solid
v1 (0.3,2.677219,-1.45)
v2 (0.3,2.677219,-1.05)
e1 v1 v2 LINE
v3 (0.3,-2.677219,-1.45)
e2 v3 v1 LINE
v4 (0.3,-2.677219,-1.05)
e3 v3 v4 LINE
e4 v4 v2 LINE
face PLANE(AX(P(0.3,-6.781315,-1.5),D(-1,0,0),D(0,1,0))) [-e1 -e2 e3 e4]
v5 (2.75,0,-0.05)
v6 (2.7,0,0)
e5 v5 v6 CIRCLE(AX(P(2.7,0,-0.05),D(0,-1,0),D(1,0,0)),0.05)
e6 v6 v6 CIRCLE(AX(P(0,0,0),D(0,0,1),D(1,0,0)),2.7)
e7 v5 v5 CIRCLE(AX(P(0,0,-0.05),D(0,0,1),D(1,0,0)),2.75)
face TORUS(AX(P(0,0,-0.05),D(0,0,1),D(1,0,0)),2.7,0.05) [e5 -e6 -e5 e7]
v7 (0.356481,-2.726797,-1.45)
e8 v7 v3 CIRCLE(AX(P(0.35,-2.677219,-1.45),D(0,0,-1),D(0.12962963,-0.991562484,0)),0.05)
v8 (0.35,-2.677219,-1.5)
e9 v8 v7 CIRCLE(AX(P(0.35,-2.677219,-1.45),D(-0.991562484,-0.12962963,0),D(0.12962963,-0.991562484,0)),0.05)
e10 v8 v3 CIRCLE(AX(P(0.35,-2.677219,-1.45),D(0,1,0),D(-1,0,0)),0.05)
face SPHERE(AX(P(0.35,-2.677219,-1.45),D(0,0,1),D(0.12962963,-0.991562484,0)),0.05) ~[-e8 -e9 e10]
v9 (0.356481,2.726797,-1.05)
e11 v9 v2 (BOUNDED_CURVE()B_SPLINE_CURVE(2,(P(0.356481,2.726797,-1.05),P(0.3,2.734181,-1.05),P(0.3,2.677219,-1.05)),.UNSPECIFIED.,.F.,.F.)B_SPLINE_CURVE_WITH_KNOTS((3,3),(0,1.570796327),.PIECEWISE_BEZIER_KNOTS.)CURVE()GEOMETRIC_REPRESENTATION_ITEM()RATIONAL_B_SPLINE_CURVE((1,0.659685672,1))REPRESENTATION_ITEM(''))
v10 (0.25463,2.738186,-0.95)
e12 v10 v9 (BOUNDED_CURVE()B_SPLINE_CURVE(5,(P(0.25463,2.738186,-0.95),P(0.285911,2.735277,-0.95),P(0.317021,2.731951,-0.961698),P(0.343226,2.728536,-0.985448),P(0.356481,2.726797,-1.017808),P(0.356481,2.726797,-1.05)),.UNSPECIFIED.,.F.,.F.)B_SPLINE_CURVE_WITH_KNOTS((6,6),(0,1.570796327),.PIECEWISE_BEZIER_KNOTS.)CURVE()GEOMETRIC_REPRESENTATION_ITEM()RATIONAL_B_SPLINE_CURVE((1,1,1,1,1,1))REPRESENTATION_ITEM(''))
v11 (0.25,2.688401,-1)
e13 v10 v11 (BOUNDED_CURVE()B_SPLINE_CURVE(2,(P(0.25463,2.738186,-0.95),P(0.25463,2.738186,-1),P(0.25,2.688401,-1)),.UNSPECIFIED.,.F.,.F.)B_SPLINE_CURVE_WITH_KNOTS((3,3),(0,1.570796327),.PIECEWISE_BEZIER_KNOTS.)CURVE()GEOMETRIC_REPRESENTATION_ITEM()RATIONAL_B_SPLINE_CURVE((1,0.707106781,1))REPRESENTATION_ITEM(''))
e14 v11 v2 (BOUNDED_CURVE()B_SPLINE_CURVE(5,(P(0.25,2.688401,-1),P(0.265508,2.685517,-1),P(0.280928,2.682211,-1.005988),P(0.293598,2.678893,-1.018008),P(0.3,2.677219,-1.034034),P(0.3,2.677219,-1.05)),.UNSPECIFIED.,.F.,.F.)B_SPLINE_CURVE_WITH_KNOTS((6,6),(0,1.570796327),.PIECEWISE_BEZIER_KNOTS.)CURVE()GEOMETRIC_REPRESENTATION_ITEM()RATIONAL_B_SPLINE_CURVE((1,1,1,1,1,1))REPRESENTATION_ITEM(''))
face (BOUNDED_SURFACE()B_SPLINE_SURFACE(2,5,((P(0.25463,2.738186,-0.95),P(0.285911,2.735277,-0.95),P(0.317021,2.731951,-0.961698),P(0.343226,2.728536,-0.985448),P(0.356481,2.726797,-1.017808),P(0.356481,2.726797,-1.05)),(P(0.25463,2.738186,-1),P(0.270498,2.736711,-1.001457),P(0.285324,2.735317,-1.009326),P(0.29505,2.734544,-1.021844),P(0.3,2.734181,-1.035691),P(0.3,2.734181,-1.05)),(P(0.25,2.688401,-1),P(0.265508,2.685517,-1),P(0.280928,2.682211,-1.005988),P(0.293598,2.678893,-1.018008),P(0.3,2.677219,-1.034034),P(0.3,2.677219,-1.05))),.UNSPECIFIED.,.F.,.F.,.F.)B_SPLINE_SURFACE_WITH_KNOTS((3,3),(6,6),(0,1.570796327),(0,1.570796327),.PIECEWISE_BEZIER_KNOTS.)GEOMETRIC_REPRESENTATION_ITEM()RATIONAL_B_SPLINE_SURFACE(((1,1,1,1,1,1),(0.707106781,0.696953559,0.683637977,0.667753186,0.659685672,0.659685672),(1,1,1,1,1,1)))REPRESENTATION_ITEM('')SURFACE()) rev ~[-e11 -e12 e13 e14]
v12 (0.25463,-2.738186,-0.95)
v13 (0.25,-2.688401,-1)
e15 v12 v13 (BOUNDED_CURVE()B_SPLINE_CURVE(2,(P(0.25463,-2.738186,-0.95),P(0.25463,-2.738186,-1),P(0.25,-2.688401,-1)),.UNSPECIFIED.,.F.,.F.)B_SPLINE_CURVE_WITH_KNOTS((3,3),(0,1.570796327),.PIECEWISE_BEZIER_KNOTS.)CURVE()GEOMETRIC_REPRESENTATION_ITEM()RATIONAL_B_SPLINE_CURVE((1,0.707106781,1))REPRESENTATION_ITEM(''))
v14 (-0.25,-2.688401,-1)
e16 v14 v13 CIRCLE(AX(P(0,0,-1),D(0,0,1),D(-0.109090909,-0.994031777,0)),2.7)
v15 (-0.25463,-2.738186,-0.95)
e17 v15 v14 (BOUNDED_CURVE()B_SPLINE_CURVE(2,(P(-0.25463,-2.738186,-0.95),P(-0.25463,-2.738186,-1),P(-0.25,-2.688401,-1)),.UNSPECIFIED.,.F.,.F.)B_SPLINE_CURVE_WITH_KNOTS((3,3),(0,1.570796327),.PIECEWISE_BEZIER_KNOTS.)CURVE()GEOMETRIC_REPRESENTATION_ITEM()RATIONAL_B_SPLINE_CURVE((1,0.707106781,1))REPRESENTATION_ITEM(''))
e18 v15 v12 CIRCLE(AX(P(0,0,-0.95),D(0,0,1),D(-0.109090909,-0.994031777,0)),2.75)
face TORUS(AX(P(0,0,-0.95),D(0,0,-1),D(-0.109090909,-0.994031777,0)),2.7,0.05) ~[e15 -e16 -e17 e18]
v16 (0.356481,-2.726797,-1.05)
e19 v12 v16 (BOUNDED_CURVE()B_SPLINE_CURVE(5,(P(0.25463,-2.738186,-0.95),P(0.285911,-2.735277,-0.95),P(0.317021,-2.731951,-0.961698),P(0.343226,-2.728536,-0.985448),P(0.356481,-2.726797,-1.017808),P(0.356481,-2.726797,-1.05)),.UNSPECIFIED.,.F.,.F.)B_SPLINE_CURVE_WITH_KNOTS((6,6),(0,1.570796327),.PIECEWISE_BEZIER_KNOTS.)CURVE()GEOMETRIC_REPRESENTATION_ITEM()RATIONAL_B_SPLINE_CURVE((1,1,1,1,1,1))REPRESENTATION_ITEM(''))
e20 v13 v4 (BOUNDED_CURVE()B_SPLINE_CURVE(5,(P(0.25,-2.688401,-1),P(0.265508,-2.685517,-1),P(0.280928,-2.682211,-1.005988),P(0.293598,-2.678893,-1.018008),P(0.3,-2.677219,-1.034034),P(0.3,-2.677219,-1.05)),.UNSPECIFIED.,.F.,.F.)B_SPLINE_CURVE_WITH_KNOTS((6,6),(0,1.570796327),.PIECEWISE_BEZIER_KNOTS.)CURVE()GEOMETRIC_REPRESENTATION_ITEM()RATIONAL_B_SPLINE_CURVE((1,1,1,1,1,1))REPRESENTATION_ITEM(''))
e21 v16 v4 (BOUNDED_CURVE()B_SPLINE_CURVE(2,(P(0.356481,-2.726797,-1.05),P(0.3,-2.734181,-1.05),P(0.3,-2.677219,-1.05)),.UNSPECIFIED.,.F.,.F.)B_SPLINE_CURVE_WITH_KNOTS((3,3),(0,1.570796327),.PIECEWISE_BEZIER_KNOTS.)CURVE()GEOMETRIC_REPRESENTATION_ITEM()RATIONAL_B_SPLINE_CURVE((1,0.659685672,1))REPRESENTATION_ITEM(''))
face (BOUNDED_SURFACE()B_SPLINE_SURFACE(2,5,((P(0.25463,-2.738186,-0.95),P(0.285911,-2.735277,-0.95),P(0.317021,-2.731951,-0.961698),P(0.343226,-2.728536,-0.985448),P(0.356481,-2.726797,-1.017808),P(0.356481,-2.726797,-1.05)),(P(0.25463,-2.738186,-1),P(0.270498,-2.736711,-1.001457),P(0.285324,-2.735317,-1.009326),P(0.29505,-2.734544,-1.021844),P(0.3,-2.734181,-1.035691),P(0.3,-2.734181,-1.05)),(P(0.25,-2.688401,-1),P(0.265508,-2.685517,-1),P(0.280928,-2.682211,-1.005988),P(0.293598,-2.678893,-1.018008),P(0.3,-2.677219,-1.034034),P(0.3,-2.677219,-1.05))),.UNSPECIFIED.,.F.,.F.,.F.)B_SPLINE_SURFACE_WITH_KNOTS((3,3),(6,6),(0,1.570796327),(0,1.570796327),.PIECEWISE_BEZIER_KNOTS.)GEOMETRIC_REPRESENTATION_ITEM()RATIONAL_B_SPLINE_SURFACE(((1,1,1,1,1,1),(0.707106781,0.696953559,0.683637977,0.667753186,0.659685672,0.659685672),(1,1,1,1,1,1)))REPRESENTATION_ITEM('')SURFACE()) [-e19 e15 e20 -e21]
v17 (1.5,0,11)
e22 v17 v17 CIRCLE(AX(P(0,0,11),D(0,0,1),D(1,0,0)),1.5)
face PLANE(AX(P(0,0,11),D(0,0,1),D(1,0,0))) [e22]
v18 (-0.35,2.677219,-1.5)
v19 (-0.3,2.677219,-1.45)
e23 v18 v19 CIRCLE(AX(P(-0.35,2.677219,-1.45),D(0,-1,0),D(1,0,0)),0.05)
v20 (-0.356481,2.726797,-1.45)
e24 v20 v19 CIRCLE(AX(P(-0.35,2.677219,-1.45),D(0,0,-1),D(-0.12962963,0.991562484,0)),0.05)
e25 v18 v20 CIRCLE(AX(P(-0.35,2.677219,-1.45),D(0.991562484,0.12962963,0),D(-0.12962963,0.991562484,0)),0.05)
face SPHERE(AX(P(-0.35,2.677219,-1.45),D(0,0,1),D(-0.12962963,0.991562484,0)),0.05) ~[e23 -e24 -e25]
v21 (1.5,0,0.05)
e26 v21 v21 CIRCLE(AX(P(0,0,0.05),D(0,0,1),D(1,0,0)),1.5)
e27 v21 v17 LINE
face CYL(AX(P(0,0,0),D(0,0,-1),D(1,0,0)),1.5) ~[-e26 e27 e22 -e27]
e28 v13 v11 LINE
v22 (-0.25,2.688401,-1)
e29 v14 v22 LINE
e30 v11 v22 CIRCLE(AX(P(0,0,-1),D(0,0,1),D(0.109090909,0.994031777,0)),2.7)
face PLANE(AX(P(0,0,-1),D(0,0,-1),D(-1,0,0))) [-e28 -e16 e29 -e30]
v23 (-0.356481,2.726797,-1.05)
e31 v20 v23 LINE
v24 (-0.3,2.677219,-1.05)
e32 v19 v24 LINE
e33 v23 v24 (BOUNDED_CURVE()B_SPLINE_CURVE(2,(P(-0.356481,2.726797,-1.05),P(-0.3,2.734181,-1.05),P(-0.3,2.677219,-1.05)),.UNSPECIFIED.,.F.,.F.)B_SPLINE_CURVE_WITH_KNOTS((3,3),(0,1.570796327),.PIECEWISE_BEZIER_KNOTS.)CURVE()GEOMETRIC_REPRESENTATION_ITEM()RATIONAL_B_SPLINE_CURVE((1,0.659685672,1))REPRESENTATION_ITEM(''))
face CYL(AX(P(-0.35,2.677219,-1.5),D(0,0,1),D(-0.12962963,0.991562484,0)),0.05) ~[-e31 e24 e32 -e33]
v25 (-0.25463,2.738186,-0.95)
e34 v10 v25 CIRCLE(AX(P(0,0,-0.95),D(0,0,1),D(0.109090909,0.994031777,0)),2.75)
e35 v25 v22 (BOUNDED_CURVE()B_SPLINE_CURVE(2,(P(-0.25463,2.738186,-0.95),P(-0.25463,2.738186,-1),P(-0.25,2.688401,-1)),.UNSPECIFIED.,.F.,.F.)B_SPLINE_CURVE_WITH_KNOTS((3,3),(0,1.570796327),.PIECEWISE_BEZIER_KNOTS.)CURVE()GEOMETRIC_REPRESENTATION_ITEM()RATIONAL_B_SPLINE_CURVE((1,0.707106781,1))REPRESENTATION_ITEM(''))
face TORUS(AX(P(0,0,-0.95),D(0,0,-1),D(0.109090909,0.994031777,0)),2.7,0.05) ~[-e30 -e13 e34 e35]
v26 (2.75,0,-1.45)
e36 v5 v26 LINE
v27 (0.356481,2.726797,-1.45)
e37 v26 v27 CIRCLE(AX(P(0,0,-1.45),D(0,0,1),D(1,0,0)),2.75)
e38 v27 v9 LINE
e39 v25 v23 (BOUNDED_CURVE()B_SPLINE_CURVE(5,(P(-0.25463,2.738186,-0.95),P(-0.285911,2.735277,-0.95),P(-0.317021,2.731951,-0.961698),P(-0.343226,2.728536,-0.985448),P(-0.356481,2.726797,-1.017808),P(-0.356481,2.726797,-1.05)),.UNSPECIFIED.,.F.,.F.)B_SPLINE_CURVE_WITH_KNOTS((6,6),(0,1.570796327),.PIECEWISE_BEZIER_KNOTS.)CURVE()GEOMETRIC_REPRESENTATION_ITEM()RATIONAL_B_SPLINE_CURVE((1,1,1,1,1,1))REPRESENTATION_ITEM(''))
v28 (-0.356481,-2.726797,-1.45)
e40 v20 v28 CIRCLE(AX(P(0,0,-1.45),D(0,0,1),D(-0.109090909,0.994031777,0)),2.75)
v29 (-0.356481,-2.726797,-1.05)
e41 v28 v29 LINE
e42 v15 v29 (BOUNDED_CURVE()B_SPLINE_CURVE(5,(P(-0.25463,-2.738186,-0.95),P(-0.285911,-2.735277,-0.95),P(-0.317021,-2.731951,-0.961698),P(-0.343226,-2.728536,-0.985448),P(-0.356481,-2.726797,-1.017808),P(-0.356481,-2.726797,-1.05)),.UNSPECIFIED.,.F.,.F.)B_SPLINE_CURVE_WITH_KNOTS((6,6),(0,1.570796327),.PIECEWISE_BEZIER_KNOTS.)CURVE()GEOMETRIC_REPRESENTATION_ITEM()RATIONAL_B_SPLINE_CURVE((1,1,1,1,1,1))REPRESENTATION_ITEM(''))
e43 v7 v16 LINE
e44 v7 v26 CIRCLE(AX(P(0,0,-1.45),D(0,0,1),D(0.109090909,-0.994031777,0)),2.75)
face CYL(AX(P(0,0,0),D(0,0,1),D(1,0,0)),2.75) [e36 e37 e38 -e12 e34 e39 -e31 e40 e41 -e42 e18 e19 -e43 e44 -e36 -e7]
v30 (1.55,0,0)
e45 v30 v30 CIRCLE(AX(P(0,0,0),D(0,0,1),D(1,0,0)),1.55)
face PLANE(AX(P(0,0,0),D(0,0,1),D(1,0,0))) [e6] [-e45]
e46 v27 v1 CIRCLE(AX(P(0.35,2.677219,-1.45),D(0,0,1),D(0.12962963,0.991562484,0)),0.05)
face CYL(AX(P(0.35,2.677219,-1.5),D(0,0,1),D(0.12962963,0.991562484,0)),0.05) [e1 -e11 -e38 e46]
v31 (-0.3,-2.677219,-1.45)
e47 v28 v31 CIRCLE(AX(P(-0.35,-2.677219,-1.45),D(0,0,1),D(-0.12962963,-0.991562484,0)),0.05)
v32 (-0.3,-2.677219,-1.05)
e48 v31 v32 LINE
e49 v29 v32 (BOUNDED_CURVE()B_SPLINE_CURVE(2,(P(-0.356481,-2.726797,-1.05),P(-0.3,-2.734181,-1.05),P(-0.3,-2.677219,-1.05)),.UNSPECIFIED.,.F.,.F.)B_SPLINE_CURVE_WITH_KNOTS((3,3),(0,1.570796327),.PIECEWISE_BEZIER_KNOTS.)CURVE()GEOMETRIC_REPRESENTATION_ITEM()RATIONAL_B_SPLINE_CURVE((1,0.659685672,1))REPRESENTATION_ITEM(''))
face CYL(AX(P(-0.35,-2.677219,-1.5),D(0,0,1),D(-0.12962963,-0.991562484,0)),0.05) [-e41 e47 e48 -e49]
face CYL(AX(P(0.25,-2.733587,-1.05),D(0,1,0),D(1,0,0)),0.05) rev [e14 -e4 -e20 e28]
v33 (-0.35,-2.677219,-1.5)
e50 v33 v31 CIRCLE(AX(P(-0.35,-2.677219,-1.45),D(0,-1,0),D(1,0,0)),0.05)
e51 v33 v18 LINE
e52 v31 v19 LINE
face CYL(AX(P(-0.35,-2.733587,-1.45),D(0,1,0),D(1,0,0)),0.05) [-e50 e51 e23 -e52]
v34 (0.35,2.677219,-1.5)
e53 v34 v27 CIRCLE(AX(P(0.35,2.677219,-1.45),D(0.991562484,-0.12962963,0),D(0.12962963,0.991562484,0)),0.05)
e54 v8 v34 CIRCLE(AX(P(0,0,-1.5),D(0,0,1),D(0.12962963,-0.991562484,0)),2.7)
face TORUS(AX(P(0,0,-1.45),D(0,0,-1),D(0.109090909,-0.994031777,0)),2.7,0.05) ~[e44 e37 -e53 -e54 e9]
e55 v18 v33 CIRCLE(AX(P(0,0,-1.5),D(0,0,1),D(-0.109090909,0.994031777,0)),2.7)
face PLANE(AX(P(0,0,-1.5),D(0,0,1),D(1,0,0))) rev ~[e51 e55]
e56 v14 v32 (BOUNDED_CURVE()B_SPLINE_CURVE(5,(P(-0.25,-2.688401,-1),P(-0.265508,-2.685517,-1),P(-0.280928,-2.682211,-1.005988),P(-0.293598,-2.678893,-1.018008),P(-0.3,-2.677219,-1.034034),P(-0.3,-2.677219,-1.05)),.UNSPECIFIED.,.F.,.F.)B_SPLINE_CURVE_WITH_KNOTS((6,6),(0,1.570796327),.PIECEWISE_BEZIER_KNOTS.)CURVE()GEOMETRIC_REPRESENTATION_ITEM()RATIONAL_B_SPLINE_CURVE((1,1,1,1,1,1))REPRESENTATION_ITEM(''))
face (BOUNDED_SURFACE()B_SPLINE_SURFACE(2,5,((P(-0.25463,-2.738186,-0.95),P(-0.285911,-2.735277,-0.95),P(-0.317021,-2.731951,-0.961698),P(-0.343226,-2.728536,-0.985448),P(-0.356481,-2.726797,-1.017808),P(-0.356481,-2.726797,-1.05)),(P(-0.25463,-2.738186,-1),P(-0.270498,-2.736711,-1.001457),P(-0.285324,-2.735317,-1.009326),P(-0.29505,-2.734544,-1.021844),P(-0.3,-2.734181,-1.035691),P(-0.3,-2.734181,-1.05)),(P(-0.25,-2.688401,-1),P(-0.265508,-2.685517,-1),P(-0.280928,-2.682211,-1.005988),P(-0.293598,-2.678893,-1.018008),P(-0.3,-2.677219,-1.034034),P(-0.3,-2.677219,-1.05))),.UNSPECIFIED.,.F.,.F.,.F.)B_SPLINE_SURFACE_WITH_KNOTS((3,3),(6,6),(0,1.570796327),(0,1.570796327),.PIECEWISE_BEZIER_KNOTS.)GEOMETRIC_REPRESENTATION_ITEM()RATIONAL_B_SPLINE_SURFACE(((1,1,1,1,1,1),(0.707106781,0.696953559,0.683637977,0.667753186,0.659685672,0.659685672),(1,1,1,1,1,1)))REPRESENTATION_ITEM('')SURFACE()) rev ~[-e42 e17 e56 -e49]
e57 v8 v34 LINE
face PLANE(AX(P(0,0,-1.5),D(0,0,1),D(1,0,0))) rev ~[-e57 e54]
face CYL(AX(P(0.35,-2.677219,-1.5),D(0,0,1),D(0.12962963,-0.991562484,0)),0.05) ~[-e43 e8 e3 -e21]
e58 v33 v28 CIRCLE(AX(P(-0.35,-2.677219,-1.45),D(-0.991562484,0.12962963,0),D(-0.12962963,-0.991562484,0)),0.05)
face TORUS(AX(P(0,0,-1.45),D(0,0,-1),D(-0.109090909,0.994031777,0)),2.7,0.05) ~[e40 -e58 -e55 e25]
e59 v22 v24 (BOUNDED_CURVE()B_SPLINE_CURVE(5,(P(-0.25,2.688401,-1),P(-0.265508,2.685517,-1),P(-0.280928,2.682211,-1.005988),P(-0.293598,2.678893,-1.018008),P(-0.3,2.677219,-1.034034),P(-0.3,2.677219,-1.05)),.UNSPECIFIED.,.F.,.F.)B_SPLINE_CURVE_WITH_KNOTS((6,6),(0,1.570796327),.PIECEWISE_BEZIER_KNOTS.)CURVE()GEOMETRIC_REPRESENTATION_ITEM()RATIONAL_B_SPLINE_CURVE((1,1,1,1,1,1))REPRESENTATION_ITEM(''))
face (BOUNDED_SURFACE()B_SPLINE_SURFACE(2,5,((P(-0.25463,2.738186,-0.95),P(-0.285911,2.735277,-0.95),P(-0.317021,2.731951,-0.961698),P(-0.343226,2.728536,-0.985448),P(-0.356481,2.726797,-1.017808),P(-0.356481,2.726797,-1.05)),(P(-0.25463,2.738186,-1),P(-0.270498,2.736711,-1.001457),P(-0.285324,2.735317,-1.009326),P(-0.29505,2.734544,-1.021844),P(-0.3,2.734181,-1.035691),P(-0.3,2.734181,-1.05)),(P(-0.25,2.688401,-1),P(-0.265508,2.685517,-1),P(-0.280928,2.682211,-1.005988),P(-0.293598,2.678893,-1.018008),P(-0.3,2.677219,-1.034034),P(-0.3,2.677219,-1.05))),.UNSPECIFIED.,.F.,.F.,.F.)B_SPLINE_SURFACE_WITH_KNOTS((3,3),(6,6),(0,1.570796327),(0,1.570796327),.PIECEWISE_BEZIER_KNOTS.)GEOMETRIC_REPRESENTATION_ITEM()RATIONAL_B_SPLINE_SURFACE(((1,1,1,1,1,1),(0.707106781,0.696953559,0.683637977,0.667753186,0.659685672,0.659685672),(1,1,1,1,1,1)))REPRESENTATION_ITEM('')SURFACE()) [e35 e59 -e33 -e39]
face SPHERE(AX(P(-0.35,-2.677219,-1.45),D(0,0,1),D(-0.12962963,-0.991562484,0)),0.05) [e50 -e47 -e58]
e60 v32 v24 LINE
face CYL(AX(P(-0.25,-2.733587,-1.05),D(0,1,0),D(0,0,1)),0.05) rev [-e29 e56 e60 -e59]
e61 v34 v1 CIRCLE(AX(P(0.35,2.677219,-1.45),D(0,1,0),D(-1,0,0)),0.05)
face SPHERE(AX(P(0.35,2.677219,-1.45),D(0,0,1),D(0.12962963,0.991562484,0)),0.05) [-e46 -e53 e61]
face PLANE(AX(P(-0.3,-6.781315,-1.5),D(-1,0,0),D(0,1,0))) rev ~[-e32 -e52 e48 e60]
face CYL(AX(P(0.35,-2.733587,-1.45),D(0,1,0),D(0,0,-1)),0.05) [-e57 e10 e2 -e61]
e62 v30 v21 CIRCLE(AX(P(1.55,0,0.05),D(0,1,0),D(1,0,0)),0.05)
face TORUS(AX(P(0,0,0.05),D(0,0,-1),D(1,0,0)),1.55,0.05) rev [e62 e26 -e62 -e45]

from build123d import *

# Parameters (mm, degrees)
SKETCH1_R           = 1.5
BOSS_EXTRUDE1_DEPTH = 11
SKETCH2_R           = 2.75
BOSS_EXTRUDE2_DEPTH = 1.5
SKETCH3_W           = 0.6
SKETCH3_H           = 13.562630166
CUT_EXTRUDE1_DEPTH  = 0.5
FILLET1_R           = 0.05
FILLET2_R           = 0.05


with BuildPart() as part:
    # Sketch1 → Boss-Extrude1 (new body)
    with BuildSketch(Plane.XY):
        Circle(SKETCH1_R)
    extrude(amount=BOSS_EXTRUDE1_DEPTH)

    # Sketch2 → Boss-Extrude2 (add)
    with BuildSketch(Plane.XY):
        Circle(SKETCH2_R)
    extrude(amount=-BOSS_EXTRUDE2_DEPTH)

    # Sketch3 → Cut-Extrude1 (cut)
    with BuildSketch(Plane(origin=(0, 0, -1.5), x_dir=(-1, 0, 0), z_dir=(0, 0, -1))):
        Rectangle(SKETCH3_W, SKETCH3_H)
    extrude(amount=-CUT_EXTRUDE1_DEPTH, mode=Mode.SUBTRACT)

    # Fillet1
    fillet1_edges = [part.edges().sort_by_distance(p)[0] for p in [
        (2.047864742, -1.835415484, -1.5),
        (-0.3, 0, -1.5),
        (0.3, 0, -1.5),
        (0, 2.75, -1),
        (0, -2.75, -1),
        (0.3, 2.733587387, -1.25),
        (0.3, -2.733587387, -1.25),
        (-0.3, -2.733587387, -1.25),
        (-0.3, 2.733587387, -1.25),
        (0.3, 0, -1),
        (-0.3, 0, -1),
        (-2.75, 0, -1.5),
    ]]
    fillet(fillet1_edges, radius=FILLET1_R)

    # Fillet2
    fillet2_edges = [part.edges().sort_by_distance(p)[0] for p in [
        (-1.5, 0, 0),
        (-2.75, 0, 0),
    ]]
    fillet(fillet2_edges, radius=FILLET2_R)


solid = part.part
